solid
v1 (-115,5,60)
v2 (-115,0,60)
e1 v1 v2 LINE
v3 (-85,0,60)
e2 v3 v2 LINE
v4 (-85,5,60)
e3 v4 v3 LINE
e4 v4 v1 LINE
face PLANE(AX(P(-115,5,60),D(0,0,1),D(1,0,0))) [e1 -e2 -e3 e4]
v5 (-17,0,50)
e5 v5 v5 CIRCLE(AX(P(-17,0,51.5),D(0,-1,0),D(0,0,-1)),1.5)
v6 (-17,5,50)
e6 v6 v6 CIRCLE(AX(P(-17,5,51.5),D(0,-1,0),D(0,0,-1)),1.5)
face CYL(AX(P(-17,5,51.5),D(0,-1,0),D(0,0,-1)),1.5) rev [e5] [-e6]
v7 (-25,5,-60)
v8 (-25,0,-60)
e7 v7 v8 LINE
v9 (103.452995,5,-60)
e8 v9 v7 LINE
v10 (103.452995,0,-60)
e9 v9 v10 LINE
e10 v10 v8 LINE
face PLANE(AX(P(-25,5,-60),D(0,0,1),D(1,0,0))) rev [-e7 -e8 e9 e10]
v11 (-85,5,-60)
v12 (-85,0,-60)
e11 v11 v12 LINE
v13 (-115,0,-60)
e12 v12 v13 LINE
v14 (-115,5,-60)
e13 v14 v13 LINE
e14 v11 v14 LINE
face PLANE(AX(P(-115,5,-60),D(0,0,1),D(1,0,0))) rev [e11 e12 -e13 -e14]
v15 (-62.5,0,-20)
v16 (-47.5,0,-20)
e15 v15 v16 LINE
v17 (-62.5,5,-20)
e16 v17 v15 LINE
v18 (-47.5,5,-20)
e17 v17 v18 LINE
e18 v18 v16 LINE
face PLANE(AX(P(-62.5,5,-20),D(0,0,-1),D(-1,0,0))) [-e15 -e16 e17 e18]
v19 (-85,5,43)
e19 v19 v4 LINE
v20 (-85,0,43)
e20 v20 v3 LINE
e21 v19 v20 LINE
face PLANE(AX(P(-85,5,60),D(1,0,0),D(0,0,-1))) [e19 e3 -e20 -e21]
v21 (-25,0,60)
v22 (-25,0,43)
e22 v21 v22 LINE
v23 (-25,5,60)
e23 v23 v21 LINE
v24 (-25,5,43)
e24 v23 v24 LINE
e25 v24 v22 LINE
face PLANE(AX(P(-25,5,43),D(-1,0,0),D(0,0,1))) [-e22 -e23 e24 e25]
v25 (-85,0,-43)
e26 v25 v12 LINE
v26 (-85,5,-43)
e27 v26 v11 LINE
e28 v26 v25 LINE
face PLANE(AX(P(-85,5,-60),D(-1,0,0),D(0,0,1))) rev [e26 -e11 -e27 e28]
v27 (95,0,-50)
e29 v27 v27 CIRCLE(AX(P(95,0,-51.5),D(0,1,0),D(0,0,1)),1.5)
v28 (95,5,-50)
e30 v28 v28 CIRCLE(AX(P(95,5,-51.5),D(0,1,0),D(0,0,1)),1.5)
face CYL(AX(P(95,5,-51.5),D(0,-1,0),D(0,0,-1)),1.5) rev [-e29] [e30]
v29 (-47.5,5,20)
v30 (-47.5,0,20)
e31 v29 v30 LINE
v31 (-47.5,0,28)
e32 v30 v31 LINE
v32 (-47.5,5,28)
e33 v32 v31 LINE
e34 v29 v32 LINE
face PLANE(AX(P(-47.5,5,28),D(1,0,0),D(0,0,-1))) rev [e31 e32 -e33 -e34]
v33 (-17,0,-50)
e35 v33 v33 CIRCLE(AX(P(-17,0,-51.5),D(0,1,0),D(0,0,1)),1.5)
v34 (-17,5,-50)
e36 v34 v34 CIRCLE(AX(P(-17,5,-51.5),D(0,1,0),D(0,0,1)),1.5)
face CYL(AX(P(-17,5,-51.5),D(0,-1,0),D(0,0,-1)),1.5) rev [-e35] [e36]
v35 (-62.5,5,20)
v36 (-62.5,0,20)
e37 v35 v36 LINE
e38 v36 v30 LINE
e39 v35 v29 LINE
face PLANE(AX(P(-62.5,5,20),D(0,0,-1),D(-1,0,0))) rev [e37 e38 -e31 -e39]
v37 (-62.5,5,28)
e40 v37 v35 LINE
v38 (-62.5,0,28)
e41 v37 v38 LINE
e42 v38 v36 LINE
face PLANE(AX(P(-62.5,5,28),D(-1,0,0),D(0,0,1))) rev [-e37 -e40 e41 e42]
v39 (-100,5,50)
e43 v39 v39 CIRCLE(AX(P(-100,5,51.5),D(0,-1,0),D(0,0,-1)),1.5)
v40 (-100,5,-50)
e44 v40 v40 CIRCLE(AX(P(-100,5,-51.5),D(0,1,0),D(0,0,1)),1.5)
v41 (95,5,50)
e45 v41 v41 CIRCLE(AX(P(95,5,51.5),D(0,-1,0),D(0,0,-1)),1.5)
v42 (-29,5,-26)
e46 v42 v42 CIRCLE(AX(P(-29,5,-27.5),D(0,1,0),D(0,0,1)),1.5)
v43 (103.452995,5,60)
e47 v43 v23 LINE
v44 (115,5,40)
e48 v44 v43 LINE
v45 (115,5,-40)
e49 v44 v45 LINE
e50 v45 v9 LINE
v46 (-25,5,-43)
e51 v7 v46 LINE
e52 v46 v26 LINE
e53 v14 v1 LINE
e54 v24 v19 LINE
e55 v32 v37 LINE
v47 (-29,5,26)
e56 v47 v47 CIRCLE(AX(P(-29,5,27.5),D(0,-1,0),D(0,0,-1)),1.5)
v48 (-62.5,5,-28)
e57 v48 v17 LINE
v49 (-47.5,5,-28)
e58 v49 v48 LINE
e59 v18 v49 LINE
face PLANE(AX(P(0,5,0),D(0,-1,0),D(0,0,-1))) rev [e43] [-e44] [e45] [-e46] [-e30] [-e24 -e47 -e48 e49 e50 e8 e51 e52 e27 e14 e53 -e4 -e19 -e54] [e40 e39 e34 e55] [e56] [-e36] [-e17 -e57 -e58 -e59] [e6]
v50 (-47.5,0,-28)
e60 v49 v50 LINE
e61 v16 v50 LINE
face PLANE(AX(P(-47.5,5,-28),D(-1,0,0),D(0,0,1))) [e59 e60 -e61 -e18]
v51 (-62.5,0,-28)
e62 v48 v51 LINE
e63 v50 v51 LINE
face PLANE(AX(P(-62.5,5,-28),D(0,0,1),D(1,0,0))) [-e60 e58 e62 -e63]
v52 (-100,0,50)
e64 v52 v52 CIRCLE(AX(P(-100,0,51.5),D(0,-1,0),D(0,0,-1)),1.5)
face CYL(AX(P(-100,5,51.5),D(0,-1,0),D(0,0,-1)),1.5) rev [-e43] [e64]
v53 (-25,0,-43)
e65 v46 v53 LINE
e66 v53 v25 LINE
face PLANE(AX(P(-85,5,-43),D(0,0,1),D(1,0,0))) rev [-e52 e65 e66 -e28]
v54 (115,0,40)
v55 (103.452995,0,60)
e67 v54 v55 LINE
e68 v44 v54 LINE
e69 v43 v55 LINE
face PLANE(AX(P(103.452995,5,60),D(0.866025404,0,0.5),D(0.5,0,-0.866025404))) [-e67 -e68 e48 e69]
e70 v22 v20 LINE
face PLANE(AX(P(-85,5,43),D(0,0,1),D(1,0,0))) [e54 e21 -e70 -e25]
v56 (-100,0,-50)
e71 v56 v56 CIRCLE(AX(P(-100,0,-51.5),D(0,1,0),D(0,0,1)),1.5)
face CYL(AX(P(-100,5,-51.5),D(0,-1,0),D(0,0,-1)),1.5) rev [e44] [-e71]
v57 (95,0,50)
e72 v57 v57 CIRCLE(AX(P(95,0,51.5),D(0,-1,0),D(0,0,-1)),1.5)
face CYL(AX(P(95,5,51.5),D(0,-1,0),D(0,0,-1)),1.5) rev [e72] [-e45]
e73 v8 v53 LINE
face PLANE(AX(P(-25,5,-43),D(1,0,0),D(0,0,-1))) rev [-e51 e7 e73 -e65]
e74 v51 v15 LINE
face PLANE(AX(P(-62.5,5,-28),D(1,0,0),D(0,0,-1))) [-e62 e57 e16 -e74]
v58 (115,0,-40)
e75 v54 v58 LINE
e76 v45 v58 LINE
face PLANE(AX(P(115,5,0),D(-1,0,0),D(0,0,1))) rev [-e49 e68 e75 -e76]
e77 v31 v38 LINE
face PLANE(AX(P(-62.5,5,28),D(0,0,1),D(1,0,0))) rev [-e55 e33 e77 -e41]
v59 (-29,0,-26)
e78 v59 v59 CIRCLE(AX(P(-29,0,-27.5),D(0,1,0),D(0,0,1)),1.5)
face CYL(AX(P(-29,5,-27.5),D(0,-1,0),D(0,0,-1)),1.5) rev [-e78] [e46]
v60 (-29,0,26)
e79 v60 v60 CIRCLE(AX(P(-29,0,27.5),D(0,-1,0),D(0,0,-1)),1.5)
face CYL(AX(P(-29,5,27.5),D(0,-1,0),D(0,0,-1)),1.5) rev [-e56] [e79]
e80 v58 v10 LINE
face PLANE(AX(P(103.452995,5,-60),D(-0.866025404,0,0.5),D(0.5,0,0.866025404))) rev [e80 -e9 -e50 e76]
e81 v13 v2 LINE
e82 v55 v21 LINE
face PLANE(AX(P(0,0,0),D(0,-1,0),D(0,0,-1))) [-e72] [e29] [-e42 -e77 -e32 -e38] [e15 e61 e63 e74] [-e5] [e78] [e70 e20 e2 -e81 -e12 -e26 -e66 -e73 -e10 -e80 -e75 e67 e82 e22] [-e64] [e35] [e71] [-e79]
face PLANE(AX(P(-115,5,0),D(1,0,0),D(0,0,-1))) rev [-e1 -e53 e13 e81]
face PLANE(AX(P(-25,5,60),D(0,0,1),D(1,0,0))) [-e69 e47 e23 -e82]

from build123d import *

# Parameters (mm, degrees)
ESQUISSE1_R        = 1.5
ESQUISSE1_W        = 15
ESQUISSE1_H        = 8
BOSS_EXTRU_1_DEPTH = 5


with BuildPart() as part:
    # Esquisse1 → Boss.-Extru.1 (new body)
    with BuildSketch(Plane(origin=(0, 0, 0), x_dir=(1, 0, 0), z_dir=(0, 1, 0))):
        Polygon((103.452994616, 60), (115, 40), (115, 0), (-115, 0), (-115, 60), (-85, 60), (-85, 43), (-25, 43), (-25, 60), align=None)
        with Locations(Location((-100, 51.5, 0), (0, 0, 270))):
            Circle(ESQUISSE1_R, mode=Mode.SUBTRACT)
        with Locations(Location((-17, 51.5, 0), (0, 0, 270))):
            Circle(ESQUISSE1_R, mode=Mode.SUBTRACT)
        with Locations(Location((95, 51.5, 0), (0, 0, 270))):
            Circle(ESQUISSE1_R, mode=Mode.SUBTRACT)
        with Locations(Location((-29, 27.5, 0), (0, 0, 270))):
            Circle(ESQUISSE1_R, mode=Mode.SUBTRACT)
        with Locations((-55, 24)):
            Rectangle(ESQUISSE1_W, ESQUISSE1_H, mode=Mode.SUBTRACT)
    boss_extru_1 = extrude(amount=BOSS_EXTRU_1_DEPTH)

    # Symétrie1: Boss.-Extru.1 across plane
    add(boss_extru_1.mirror(Plane(origin=(-115, 5, 0), x_dir=(1, 0, 0), z_dir=(0, 0, -1))))


solid = part.part
